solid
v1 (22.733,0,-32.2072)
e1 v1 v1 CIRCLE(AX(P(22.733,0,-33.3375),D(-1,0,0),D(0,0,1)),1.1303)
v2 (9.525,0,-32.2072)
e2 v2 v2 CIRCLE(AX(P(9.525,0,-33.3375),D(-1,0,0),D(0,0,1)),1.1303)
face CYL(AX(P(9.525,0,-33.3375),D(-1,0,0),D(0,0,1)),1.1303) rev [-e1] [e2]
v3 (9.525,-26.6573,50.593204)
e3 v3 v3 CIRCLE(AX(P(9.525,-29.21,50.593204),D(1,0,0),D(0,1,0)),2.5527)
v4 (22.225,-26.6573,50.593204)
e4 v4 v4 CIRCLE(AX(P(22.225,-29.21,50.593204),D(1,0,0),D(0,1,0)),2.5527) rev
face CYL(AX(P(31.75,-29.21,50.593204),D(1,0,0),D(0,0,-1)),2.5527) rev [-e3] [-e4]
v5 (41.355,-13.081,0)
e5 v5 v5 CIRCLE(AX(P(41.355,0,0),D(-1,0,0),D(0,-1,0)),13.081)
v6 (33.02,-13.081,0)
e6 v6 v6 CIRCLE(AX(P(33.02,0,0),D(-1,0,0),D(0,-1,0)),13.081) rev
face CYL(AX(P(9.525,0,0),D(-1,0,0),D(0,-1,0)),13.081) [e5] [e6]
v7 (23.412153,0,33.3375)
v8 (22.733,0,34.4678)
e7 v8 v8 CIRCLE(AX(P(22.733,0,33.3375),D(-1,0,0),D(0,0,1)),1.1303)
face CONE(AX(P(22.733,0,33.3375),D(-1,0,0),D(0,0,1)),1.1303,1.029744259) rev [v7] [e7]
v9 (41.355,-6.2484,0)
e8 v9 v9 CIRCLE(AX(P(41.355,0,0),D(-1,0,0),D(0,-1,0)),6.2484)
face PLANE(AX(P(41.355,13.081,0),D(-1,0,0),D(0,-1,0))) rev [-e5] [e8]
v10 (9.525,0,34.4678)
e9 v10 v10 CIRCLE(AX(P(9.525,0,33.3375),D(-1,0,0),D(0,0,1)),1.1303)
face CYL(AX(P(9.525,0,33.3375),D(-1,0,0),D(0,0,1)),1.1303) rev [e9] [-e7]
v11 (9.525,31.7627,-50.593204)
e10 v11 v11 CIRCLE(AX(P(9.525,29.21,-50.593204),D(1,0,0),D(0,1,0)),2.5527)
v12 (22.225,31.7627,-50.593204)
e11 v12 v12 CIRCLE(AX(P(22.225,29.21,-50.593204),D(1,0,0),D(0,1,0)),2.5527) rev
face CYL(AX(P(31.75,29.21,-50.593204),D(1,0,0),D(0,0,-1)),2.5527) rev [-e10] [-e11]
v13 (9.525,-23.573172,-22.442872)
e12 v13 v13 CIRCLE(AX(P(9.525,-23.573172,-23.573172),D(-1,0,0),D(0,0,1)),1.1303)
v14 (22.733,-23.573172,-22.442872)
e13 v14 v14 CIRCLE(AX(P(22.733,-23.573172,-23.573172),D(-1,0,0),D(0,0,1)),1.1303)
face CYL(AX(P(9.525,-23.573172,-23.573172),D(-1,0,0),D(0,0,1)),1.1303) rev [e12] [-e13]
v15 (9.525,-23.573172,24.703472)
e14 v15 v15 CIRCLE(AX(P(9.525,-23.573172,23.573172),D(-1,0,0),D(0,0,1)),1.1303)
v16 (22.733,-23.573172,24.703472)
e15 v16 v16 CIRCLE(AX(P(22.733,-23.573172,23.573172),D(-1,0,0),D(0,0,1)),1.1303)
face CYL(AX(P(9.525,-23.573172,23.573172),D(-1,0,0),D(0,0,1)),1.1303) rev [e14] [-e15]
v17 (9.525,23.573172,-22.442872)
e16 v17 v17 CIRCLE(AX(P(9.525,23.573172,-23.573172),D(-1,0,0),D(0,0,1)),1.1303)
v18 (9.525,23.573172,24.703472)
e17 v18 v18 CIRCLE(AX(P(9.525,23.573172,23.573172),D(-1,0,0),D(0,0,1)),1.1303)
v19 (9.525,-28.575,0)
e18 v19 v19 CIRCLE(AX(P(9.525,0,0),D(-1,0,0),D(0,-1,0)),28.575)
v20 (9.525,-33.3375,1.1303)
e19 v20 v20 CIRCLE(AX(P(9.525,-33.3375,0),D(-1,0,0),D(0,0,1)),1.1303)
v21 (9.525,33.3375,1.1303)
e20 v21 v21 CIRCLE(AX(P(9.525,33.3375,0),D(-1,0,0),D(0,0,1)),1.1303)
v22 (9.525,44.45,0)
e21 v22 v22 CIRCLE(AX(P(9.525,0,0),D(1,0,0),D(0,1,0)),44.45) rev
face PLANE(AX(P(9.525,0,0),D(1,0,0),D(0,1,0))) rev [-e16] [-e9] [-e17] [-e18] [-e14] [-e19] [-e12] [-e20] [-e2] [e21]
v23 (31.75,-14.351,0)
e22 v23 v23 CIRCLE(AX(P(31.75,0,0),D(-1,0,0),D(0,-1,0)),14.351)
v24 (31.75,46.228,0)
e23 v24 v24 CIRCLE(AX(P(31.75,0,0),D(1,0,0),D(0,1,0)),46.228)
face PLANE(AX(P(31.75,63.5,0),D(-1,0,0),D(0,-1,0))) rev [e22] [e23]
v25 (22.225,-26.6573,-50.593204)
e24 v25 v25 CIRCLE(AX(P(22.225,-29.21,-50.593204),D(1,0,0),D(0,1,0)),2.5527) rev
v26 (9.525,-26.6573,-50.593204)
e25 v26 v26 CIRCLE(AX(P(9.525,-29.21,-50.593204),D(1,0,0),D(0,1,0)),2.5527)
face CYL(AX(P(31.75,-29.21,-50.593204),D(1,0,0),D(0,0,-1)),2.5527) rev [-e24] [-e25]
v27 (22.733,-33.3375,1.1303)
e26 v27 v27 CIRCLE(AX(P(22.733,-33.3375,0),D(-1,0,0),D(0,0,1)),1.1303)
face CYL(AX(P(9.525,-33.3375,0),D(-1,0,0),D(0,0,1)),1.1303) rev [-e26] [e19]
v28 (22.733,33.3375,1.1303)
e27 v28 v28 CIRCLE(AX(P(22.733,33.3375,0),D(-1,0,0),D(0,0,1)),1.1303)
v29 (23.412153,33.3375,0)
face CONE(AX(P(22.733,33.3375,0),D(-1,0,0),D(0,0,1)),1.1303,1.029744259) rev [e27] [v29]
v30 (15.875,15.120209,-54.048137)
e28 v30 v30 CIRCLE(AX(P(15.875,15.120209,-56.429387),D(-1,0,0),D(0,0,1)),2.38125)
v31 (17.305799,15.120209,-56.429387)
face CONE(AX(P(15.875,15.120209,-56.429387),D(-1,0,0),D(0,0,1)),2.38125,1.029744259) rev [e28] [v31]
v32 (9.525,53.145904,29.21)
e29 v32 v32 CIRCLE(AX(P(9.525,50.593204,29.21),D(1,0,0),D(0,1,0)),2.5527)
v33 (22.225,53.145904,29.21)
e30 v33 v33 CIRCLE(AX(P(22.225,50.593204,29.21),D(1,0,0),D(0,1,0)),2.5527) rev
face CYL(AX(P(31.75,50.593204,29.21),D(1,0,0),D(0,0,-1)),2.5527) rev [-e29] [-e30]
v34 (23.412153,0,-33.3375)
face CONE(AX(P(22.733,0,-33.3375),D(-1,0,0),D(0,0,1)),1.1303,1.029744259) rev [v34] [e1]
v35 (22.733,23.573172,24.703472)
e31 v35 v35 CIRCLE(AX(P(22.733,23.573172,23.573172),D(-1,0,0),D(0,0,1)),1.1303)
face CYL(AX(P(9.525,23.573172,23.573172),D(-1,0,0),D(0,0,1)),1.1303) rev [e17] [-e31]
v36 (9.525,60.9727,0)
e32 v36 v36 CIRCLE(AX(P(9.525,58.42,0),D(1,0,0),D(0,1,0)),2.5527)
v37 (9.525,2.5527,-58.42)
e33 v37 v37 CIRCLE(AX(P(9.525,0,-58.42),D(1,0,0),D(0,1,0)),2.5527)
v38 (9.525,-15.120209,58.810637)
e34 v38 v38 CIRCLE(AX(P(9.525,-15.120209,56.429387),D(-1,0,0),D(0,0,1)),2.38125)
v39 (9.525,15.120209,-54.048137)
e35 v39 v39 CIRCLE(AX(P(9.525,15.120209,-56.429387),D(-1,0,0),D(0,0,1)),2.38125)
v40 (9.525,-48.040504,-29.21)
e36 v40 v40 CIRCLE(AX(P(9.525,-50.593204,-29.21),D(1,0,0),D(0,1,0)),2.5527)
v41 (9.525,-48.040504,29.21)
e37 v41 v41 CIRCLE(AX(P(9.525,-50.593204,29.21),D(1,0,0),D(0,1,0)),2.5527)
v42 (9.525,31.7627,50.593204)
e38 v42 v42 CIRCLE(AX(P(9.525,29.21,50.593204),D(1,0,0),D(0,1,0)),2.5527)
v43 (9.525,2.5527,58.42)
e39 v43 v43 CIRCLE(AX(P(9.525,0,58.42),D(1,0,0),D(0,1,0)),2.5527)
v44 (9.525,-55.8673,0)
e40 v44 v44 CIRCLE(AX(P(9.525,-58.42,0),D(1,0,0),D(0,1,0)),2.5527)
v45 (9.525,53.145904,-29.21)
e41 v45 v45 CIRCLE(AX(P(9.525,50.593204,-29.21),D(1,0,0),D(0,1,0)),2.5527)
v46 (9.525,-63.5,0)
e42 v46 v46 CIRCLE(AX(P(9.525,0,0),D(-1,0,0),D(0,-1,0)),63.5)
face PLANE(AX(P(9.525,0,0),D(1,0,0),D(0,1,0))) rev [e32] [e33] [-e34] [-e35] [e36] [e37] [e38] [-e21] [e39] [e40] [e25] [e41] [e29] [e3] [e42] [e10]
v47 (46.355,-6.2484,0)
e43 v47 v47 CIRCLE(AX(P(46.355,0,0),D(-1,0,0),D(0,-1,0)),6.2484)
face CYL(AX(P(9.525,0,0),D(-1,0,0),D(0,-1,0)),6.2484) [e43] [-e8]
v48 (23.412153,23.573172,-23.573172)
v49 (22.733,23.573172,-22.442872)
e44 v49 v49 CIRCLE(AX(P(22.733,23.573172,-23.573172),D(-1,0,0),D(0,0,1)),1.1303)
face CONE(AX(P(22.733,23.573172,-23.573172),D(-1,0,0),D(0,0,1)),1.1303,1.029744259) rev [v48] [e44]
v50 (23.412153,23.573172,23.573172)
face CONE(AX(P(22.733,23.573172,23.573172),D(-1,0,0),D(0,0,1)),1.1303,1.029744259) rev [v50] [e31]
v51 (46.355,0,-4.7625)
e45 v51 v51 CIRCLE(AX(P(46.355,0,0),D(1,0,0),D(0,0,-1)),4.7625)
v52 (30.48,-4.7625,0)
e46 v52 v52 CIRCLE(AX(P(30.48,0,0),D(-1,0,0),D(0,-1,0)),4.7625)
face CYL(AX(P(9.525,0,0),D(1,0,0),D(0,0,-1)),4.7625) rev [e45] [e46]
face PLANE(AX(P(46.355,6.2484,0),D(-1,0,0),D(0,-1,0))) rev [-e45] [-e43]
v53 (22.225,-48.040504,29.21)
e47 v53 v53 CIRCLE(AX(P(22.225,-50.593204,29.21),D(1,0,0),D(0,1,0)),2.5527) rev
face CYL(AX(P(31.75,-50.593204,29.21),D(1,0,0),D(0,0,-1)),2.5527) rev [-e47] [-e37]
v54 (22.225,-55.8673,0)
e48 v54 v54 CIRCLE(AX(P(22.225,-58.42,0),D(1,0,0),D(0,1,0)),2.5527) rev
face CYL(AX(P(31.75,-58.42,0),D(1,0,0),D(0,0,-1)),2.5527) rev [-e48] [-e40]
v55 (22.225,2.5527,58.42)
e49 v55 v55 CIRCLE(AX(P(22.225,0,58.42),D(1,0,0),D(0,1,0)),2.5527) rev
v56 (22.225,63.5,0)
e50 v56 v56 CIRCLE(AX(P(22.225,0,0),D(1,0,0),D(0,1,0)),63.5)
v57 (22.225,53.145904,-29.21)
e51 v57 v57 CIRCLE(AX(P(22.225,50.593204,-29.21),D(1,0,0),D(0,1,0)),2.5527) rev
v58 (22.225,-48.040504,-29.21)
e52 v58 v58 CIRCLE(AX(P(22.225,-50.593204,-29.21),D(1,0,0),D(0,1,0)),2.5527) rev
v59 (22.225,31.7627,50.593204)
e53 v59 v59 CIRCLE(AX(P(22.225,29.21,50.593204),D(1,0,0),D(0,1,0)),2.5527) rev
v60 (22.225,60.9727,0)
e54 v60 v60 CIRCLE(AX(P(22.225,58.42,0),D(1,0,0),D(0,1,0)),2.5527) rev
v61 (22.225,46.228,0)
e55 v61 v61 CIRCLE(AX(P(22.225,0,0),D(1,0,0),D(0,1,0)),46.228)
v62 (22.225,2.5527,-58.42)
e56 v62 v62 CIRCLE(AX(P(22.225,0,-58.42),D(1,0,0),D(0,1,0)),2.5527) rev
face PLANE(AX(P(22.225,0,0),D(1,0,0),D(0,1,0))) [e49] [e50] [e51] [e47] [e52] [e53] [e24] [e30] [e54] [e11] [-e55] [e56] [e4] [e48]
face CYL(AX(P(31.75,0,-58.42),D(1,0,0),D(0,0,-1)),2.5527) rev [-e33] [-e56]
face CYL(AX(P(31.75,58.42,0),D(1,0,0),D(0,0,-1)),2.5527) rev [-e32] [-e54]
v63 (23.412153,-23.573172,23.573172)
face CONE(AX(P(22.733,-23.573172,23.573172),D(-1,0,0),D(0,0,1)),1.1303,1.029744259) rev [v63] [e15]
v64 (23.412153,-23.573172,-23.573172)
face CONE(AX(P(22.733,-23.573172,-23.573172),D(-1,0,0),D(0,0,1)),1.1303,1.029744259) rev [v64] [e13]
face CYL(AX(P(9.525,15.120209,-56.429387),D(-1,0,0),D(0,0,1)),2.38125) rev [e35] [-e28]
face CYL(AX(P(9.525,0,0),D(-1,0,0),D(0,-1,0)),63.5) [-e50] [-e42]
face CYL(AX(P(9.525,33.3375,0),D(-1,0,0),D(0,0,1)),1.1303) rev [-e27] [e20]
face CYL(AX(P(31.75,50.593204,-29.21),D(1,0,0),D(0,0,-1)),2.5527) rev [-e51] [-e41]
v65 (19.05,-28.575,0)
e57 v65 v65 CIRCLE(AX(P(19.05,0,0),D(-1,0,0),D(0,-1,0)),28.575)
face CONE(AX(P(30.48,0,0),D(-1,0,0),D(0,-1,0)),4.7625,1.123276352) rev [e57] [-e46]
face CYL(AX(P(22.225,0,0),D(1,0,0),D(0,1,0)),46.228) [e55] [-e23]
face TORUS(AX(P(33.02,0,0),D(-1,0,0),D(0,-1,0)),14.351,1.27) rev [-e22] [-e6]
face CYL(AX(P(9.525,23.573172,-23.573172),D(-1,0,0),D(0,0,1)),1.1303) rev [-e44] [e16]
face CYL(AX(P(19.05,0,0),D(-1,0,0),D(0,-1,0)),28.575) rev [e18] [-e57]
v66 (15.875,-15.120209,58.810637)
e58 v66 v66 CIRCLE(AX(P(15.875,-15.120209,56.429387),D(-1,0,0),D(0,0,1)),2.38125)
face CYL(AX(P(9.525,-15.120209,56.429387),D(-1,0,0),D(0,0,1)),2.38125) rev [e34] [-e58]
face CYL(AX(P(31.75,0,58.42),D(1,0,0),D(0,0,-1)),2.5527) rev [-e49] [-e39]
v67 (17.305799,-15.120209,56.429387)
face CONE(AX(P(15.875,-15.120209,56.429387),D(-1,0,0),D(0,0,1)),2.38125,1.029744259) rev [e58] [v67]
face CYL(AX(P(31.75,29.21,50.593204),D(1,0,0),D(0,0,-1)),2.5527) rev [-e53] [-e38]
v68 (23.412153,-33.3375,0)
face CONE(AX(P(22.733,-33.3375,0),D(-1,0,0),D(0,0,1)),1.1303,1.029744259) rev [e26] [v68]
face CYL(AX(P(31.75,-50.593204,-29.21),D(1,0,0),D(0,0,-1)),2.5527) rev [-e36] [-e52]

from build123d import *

# Parameters (mm, degrees)
SKETCH3_R                 = 4.7625
OXIDIZER_INLET_HOLE_DEPTH = 37.83
FLANGE_HOLES_D            = 5.1054
FLANGE_HOLES_DEPTH        = 22.225
DOWEL_HOLES_D             = 4.7625
DOWEL_HOLES_DEPTH         = 6.35
DOWEL_HOLES_TIP           = 1.430799349
SKETCH12_R                = 28.575
CUT_EXTRUDE2_DEPTH        = 9.525
SKETCH16_R                = 28.575
SKETCH17_R                = 4.7625
CIRPATTERN1_COUNT         = 8
FILLET1_R                 = 1.27
SKETCH25_OUTSIDE_W        = 165.668
SKETCH25_OUTSIDE_H        = 165.668
SKETCH25_OUTSIDE_R        = 46.228
CUT_EXTRUDE3_DEPTH        = 9.525


with BuildPart() as part:
    # Sketch2 → Main Structure (revolve)
    with BuildSketch(Plane.XY):
        Polygon((41.355, 13.081), (41.355, 6.2484), (46.355, 6.2484), (46.355, 0), (9.525, 0), (9.525, 63.5), (31.75, 63.5), (31.75, 13.081), align=None)
    revolve(axis=Axis((9.525, 0, 0), (1, 0, 0)))

    # Sketch3 → Oxidizer Inlet Hole (cut, through all)
    with BuildSketch(Plane(origin=(46.355, 0, 0), x_dir=(0, 0, -1), z_dir=(1, 0, 0))):
        Circle(SKETCH3_R)
    extrude(amount=-OXIDIZER_INLET_HOLE_DEPTH, mode=Mode.SUBTRACT)

    # Flange Holes
    with Locations(Plane(origin=(31.75, 0, 0), x_dir=(0, 0, 1), z_dir=(1, 0, 0))):
        with Locations((0, 58.42), (-29.21, 50.593204089), (-50.593204089, 29.21), (-58.42, 0), (-50.593204089, -29.21), (-29.21, -50.593204089), (0, -58.42), (29.21, -50.593204089), (50.593204089, -29.21), (58.42, 0), (50.593204089, 29.21), (29.21, 50.593204089)):
            Hole(FLANGE_HOLES_D / 2, depth=FLANGE_HOLES_DEPTH)

    # Dowel Holes
    with Locations(Plane.ZY.offset(-9.525)):
        with Locations((56.429386772, -15.120208615), (-56.429386772, 15.120208615)):
            Hole(DOWEL_HOLES_D / 2, depth=DOWEL_HOLES_DEPTH)
            with Locations((0, 0, -(DOWEL_HOLES_DEPTH + DOWEL_HOLES_TIP / 2))):  # 118° drill point
                Cone(0, DOWEL_HOLES_D / 2, DOWEL_HOLES_TIP, mode=Mode.SUBTRACT)

    # Sketch12 → Cut-Extrude2 (cut)
    with BuildSketch(Plane.ZY.offset(-9.525)):
        Circle(SKETCH12_R)
    extrude(amount=-CUT_EXTRUDE2_DEPTH, mode=Mode.SUBTRACT)

    # Sketch16 → Internal Flow Path Loft Cut section 0
    with BuildSketch(Plane.ZY.offset(-19.05)):
        Circle(SKETCH16_R)
    # Sketch17 → Internal Flow Path Loft Cut section 1
    with BuildSketch(Plane.ZY.offset(-30.48)):
        Circle(SKETCH17_R)
    loft(mode=Mode.SUBTRACT)

    # Sketch20 → #4-40 Tapped Hole1 (revolve, cut)
    with BuildSketch(Plane(origin=(9.525, 0, 33.3375), x_dir=(0, 0, 1), z_dir=(0, 1, 0))):
        Polygon((0, 0), (0, 13.887152758), (1.1303, 13.208), (1.1303, 0), align=None)
    f_4_40_tapped_hole1 = revolve(axis=Axis((3.175, 0, 33.3375), (1, 0, 0)), mode=Mode.SUBTRACT)

    # CirPattern1: #4-40 Tapped Hole1 ×8 about axis
    cirpattern1_axis = Axis((0, 0, 0), (1, 0, 0))
    for i in range(1, CIRPATTERN1_COUNT):
        add(f_4_40_tapped_hole1.rotate(cirpattern1_axis, i * 360 / CIRPATTERN1_COUNT), mode=Mode.SUBTRACT)

    # Fillet1
    fillet1_edges = [part.edges().sort_by_distance(p)[0] for p in [
        (31.75, -13.081, 0),
    ]]
    fillet(fillet1_edges, radius=FILLET1_R)

    # Sketch25 outside → Cut-Extrude3 (cut)
    with BuildSketch(Plane(origin=(31.75, 0, 0), x_dir=(0, 0, -1), z_dir=(1, 0, 0))):
        Rectangle(SKETCH25_OUTSIDE_W, SKETCH25_OUTSIDE_H)
        Circle(SKETCH25_OUTSIDE_R, mode=Mode.SUBTRACT)
    extrude(amount=-CUT_EXTRUDE3_DEPTH, mode=Mode.SUBTRACT)


solid = part.part
